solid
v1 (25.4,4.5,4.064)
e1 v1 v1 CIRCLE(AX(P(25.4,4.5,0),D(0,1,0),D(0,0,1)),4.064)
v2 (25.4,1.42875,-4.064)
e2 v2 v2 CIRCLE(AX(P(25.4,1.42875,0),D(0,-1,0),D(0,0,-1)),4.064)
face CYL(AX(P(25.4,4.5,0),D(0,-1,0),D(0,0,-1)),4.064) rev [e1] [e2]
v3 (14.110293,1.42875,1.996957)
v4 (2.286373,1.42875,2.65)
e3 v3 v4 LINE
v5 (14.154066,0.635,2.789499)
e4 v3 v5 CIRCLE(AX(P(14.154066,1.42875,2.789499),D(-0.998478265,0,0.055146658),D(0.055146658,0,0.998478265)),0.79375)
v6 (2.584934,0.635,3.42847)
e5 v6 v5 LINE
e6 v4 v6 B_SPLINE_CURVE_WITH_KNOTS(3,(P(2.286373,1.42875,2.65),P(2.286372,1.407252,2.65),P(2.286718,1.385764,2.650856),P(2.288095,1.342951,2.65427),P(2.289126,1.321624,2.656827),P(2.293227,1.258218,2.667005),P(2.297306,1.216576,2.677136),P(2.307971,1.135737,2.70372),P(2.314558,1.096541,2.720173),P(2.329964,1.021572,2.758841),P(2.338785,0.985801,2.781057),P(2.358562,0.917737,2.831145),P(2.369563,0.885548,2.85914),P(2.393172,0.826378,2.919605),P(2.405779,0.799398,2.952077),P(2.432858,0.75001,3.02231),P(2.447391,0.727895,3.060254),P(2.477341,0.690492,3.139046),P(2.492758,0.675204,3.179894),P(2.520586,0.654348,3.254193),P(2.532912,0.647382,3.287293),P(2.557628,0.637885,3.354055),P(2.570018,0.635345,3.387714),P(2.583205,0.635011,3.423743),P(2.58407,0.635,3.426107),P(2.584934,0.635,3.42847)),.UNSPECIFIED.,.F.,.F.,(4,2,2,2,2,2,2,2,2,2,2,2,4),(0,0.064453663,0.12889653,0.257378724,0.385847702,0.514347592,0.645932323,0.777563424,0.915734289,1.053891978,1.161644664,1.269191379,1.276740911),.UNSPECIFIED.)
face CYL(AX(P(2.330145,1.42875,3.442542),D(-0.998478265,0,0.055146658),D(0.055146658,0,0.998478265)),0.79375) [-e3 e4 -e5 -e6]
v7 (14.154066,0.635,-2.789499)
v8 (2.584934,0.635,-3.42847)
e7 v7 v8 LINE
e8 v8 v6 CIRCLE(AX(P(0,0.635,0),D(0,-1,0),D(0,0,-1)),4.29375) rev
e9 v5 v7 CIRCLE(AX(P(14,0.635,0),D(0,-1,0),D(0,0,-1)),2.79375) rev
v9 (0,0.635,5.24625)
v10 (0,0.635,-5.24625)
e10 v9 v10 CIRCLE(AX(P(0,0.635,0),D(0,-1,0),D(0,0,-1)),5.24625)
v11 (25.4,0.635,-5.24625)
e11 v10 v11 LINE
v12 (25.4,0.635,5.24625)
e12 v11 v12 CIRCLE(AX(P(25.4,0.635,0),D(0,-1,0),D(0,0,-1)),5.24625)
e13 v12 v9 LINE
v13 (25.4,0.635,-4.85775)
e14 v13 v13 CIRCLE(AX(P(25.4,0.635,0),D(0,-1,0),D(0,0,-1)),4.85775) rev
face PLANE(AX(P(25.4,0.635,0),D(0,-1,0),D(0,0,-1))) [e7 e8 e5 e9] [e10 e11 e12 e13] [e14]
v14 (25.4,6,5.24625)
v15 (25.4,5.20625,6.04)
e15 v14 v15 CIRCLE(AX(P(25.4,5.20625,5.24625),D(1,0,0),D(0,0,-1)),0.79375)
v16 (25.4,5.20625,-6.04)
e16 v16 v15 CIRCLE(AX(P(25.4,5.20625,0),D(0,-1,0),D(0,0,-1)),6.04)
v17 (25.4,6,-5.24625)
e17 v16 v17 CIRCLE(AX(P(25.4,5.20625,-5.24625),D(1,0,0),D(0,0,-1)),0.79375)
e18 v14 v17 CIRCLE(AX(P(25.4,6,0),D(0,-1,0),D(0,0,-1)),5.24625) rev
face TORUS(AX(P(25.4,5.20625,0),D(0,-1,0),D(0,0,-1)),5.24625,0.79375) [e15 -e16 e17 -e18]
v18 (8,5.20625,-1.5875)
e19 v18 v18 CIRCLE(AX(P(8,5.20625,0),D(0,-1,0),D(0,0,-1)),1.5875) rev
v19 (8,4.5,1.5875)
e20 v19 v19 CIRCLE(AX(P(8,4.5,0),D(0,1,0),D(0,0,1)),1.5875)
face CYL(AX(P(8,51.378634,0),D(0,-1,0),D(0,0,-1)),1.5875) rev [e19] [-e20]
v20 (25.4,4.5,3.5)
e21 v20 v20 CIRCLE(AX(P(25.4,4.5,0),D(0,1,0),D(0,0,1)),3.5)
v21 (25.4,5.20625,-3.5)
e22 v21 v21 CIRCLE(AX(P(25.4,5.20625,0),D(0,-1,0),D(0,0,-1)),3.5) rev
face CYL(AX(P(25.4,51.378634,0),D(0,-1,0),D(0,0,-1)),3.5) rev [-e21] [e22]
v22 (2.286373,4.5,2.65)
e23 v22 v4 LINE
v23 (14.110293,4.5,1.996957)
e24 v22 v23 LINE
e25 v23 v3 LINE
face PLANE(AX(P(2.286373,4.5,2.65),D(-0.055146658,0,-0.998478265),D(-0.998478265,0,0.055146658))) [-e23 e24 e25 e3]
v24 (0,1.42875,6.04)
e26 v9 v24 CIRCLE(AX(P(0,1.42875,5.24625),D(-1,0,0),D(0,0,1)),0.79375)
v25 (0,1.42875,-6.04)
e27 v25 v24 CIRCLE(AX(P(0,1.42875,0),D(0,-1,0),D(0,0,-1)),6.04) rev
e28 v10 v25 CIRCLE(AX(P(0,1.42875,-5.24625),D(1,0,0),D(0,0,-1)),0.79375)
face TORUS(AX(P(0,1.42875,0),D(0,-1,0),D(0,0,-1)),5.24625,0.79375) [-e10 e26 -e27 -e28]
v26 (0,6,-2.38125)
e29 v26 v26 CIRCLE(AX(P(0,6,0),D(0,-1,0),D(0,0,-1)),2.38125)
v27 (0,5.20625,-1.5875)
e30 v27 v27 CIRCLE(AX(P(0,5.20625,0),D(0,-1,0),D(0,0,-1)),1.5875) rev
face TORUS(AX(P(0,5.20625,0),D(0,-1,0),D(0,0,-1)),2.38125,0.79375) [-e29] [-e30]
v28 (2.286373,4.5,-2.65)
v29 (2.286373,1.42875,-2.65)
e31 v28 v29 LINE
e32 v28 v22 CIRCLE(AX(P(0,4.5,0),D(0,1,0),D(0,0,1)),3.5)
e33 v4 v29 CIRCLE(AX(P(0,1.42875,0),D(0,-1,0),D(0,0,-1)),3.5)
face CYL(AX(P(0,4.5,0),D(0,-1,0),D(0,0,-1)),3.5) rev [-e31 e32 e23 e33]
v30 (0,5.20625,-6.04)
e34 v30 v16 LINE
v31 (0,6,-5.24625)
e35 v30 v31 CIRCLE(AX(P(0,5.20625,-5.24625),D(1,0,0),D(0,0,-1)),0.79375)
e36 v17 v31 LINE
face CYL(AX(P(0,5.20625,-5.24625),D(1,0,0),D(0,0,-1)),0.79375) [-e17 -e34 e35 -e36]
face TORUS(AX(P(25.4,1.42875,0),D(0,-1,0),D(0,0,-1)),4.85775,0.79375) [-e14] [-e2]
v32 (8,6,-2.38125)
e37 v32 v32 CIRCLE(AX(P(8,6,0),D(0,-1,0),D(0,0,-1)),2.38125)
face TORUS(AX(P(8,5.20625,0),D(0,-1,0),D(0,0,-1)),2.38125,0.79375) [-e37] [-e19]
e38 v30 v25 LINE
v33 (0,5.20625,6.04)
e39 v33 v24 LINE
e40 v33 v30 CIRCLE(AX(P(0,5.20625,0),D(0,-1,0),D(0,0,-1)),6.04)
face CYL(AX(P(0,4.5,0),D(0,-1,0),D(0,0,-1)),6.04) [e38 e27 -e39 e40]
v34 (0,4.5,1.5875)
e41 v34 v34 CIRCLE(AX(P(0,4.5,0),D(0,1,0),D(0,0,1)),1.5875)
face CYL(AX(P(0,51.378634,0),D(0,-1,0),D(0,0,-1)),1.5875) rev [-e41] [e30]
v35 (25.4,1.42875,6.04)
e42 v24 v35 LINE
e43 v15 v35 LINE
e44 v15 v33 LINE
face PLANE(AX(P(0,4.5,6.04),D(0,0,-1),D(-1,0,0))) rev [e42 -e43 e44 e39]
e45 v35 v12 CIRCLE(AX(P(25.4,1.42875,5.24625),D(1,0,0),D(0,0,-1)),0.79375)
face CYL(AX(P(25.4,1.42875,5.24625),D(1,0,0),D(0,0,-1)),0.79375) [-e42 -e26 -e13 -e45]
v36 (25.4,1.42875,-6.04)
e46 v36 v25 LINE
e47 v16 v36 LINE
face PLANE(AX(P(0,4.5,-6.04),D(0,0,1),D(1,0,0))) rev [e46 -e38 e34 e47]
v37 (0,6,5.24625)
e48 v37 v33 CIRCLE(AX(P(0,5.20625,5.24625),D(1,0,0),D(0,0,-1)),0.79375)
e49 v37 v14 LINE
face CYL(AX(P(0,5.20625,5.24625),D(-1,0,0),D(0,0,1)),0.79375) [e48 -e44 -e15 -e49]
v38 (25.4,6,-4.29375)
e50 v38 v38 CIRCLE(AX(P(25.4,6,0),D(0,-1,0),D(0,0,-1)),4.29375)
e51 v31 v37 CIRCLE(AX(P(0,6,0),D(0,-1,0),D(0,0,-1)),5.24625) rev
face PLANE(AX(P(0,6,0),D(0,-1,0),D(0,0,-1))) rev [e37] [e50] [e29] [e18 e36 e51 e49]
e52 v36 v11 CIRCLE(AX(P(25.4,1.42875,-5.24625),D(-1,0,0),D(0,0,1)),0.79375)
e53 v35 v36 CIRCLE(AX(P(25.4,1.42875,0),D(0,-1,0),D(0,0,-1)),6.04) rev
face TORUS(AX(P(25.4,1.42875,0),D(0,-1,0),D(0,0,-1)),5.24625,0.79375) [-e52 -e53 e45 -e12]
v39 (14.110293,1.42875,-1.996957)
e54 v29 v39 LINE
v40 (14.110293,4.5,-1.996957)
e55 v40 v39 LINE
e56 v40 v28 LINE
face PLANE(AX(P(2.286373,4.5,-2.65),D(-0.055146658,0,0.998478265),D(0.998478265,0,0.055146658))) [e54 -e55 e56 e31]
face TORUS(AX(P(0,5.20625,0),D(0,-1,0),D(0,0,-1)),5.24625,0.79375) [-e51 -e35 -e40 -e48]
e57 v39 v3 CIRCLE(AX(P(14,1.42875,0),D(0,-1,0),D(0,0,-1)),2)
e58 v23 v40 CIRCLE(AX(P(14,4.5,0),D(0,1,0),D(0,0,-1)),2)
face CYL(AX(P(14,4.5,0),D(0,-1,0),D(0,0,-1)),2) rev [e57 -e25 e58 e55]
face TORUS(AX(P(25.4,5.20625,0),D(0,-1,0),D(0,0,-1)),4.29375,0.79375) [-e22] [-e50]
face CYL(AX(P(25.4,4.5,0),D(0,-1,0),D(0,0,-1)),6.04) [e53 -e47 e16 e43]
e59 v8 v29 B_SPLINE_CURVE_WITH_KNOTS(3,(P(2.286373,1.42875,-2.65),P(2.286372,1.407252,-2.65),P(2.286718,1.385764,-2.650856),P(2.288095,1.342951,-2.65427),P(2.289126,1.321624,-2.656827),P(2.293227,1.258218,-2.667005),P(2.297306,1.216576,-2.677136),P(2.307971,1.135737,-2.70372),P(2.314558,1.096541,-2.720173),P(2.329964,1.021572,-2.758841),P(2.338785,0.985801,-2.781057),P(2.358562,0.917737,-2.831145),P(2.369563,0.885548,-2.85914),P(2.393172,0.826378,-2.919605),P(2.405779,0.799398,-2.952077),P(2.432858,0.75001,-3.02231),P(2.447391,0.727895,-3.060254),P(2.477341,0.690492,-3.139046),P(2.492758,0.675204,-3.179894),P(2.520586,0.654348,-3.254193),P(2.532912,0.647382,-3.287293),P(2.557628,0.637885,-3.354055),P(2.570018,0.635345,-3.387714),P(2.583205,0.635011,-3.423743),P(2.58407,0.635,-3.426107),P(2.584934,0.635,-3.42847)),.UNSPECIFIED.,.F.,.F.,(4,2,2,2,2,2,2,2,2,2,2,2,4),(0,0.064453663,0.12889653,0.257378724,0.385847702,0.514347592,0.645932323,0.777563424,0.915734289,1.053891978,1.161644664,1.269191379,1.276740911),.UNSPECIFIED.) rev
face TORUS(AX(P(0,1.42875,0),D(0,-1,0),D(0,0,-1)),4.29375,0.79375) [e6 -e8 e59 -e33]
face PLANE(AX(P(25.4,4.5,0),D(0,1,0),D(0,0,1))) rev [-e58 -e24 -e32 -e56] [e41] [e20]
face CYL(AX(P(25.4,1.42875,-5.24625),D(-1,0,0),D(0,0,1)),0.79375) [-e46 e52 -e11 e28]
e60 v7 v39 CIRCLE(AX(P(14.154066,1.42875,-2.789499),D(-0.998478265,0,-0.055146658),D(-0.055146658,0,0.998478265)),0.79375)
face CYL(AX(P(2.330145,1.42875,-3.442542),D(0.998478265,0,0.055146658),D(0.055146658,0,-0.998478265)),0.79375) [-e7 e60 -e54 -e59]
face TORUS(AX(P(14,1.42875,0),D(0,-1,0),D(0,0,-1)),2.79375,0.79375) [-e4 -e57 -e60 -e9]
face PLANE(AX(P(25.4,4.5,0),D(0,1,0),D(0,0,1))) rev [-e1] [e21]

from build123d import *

# Parameters (mm, degrees)
SKETCH1_R           = 4.064
BOSS_EXTRUDE1_DEPTH = 4.5
SKETCH2_R           = 1.5875
SKETCH2_R_2         = 3.5
BOSS_EXTRUDE2_DEPTH = 1.5
CUT_EXTRUDE1_DEPTH  = 0.635
FILLET2_R           = 0.79375
FILLET3_R           = 0.79375


with BuildPart() as part:
    # Sketch1 → Boss-Extrude1 (new body)
    with BuildSketch(Plane(origin=(0, 0, 0), x_dir=(1, 0, 0), z_dir=(0, 1, 0))):
        with BuildLine():
            Line((0, 6.04), (25.4, 6.04))
            ThreePointArc((25.4, 6.04), (31.44, 0), (25.4, -6.04))
            Line((25.4, -6.04), (0, -6.04))
            ThreePointArc((0, -6.04), (-6.04, 0), (0, 6.04))
        make_face()
        with Locations(Location((25.4, 0, 0), (0, 0, 270))):
            Circle(SKETCH1_R, mode=Mode.SUBTRACT)
        with BuildLine():
            Line((2.286372673, 2.65), (14.110293316, 1.99695653))
            ThreePointArc((14.110293316, 1.99695653), (16, 0), (14.110293316, -1.99695653))
            Line((14.110293316, -1.99695653), (2.286372673, -2.65))
            ThreePointArc((2.286372673, -2.65), (-3.5, 0), (2.286372673, 2.65))
        make_face(mode=Mode.SUBTRACT)
    extrude(amount=BOSS_EXTRUDE1_DEPTH)

    # Sketch2 → Boss-Extrude2 (add)
    with BuildSketch(Plane(origin=(0, 4.5, 0), x_dir=(1, 0, 0), z_dir=(0, 1, 0))):
        with BuildLine():
            Line((25.4, 6.04), (0, 6.04))
            ThreePointArc((0, 6.04), (-6.04, 0), (0, -6.04))
            Line((0, -6.04), (25.4, -6.04))
            ThreePointArc((25.4, -6.04), (31.44, 0), (25.4, 6.04))
        make_face()
        with Locations(Location((0, 0, 0), (0, 0, 90))):
            Circle(SKETCH2_R, mode=Mode.SUBTRACT)
        with Locations(Location((8, 0, 0), (0, 0, 90))):
            Circle(SKETCH2_R, mode=Mode.SUBTRACT)
        with Locations(Location((25.4, 0, 0), (0, 0, 90))):
            Circle(SKETCH2_R_2, mode=Mode.SUBTRACT)
    extrude(amount=BOSS_EXTRUDE2_DEPTH)

    # Sketch3 → Cut-Extrude1 (cut)
    with BuildSketch(Plane.XZ):
        with BuildLine():
            Line((25.4, 6.04), (0, 6.04))
            ThreePointArc((0, 6.04), (-6.04, 0), (0, -6.04))
            Line((0, -6.04), (25.4, -6.04))
            ThreePointArc((25.4, -6.04), (31.44, 0), (25.4, 6.04))
        make_face()
    extrude(amount=-CUT_EXTRUDE1_DEPTH, mode=Mode.SUBTRACT)

    # Fillet2
    fillet2_edges = [part.edges().sort_by_distance(p)[0] for p in [
        (31.44, 0.635, 0),
        (12.7, 0.635, -6.04),
        (-6.04, 0.635, 0),
        (12.7, 0.635, 6.04),
        (8.198332995, 0.635, 2.323478265),
        (-3.5, 0.635, 0),
        (8.198332995, 0.635, -2.323478265),
        (16, 0.635, 0),
        (25.4, 0.635, -4.064),
    ]]
    fillet(fillet2_edges, radius=FILLET2_R)

    # Fillet3
    fillet3_edges = [part.edges().sort_by_distance(p)[0] for p in [
        (31.44, 6, 0),
        (12.7, 6, -6.04),
        (-6.04, 6, 0),
        (12.7, 6, 6.04),
        (8, 6, 1.5875),
        (25.4, 6, 3.5),
        (0, 6, 1.5875),
    ]]
    fillet(fillet3_edges, radius=FILLET3_R)


solid = part.part
